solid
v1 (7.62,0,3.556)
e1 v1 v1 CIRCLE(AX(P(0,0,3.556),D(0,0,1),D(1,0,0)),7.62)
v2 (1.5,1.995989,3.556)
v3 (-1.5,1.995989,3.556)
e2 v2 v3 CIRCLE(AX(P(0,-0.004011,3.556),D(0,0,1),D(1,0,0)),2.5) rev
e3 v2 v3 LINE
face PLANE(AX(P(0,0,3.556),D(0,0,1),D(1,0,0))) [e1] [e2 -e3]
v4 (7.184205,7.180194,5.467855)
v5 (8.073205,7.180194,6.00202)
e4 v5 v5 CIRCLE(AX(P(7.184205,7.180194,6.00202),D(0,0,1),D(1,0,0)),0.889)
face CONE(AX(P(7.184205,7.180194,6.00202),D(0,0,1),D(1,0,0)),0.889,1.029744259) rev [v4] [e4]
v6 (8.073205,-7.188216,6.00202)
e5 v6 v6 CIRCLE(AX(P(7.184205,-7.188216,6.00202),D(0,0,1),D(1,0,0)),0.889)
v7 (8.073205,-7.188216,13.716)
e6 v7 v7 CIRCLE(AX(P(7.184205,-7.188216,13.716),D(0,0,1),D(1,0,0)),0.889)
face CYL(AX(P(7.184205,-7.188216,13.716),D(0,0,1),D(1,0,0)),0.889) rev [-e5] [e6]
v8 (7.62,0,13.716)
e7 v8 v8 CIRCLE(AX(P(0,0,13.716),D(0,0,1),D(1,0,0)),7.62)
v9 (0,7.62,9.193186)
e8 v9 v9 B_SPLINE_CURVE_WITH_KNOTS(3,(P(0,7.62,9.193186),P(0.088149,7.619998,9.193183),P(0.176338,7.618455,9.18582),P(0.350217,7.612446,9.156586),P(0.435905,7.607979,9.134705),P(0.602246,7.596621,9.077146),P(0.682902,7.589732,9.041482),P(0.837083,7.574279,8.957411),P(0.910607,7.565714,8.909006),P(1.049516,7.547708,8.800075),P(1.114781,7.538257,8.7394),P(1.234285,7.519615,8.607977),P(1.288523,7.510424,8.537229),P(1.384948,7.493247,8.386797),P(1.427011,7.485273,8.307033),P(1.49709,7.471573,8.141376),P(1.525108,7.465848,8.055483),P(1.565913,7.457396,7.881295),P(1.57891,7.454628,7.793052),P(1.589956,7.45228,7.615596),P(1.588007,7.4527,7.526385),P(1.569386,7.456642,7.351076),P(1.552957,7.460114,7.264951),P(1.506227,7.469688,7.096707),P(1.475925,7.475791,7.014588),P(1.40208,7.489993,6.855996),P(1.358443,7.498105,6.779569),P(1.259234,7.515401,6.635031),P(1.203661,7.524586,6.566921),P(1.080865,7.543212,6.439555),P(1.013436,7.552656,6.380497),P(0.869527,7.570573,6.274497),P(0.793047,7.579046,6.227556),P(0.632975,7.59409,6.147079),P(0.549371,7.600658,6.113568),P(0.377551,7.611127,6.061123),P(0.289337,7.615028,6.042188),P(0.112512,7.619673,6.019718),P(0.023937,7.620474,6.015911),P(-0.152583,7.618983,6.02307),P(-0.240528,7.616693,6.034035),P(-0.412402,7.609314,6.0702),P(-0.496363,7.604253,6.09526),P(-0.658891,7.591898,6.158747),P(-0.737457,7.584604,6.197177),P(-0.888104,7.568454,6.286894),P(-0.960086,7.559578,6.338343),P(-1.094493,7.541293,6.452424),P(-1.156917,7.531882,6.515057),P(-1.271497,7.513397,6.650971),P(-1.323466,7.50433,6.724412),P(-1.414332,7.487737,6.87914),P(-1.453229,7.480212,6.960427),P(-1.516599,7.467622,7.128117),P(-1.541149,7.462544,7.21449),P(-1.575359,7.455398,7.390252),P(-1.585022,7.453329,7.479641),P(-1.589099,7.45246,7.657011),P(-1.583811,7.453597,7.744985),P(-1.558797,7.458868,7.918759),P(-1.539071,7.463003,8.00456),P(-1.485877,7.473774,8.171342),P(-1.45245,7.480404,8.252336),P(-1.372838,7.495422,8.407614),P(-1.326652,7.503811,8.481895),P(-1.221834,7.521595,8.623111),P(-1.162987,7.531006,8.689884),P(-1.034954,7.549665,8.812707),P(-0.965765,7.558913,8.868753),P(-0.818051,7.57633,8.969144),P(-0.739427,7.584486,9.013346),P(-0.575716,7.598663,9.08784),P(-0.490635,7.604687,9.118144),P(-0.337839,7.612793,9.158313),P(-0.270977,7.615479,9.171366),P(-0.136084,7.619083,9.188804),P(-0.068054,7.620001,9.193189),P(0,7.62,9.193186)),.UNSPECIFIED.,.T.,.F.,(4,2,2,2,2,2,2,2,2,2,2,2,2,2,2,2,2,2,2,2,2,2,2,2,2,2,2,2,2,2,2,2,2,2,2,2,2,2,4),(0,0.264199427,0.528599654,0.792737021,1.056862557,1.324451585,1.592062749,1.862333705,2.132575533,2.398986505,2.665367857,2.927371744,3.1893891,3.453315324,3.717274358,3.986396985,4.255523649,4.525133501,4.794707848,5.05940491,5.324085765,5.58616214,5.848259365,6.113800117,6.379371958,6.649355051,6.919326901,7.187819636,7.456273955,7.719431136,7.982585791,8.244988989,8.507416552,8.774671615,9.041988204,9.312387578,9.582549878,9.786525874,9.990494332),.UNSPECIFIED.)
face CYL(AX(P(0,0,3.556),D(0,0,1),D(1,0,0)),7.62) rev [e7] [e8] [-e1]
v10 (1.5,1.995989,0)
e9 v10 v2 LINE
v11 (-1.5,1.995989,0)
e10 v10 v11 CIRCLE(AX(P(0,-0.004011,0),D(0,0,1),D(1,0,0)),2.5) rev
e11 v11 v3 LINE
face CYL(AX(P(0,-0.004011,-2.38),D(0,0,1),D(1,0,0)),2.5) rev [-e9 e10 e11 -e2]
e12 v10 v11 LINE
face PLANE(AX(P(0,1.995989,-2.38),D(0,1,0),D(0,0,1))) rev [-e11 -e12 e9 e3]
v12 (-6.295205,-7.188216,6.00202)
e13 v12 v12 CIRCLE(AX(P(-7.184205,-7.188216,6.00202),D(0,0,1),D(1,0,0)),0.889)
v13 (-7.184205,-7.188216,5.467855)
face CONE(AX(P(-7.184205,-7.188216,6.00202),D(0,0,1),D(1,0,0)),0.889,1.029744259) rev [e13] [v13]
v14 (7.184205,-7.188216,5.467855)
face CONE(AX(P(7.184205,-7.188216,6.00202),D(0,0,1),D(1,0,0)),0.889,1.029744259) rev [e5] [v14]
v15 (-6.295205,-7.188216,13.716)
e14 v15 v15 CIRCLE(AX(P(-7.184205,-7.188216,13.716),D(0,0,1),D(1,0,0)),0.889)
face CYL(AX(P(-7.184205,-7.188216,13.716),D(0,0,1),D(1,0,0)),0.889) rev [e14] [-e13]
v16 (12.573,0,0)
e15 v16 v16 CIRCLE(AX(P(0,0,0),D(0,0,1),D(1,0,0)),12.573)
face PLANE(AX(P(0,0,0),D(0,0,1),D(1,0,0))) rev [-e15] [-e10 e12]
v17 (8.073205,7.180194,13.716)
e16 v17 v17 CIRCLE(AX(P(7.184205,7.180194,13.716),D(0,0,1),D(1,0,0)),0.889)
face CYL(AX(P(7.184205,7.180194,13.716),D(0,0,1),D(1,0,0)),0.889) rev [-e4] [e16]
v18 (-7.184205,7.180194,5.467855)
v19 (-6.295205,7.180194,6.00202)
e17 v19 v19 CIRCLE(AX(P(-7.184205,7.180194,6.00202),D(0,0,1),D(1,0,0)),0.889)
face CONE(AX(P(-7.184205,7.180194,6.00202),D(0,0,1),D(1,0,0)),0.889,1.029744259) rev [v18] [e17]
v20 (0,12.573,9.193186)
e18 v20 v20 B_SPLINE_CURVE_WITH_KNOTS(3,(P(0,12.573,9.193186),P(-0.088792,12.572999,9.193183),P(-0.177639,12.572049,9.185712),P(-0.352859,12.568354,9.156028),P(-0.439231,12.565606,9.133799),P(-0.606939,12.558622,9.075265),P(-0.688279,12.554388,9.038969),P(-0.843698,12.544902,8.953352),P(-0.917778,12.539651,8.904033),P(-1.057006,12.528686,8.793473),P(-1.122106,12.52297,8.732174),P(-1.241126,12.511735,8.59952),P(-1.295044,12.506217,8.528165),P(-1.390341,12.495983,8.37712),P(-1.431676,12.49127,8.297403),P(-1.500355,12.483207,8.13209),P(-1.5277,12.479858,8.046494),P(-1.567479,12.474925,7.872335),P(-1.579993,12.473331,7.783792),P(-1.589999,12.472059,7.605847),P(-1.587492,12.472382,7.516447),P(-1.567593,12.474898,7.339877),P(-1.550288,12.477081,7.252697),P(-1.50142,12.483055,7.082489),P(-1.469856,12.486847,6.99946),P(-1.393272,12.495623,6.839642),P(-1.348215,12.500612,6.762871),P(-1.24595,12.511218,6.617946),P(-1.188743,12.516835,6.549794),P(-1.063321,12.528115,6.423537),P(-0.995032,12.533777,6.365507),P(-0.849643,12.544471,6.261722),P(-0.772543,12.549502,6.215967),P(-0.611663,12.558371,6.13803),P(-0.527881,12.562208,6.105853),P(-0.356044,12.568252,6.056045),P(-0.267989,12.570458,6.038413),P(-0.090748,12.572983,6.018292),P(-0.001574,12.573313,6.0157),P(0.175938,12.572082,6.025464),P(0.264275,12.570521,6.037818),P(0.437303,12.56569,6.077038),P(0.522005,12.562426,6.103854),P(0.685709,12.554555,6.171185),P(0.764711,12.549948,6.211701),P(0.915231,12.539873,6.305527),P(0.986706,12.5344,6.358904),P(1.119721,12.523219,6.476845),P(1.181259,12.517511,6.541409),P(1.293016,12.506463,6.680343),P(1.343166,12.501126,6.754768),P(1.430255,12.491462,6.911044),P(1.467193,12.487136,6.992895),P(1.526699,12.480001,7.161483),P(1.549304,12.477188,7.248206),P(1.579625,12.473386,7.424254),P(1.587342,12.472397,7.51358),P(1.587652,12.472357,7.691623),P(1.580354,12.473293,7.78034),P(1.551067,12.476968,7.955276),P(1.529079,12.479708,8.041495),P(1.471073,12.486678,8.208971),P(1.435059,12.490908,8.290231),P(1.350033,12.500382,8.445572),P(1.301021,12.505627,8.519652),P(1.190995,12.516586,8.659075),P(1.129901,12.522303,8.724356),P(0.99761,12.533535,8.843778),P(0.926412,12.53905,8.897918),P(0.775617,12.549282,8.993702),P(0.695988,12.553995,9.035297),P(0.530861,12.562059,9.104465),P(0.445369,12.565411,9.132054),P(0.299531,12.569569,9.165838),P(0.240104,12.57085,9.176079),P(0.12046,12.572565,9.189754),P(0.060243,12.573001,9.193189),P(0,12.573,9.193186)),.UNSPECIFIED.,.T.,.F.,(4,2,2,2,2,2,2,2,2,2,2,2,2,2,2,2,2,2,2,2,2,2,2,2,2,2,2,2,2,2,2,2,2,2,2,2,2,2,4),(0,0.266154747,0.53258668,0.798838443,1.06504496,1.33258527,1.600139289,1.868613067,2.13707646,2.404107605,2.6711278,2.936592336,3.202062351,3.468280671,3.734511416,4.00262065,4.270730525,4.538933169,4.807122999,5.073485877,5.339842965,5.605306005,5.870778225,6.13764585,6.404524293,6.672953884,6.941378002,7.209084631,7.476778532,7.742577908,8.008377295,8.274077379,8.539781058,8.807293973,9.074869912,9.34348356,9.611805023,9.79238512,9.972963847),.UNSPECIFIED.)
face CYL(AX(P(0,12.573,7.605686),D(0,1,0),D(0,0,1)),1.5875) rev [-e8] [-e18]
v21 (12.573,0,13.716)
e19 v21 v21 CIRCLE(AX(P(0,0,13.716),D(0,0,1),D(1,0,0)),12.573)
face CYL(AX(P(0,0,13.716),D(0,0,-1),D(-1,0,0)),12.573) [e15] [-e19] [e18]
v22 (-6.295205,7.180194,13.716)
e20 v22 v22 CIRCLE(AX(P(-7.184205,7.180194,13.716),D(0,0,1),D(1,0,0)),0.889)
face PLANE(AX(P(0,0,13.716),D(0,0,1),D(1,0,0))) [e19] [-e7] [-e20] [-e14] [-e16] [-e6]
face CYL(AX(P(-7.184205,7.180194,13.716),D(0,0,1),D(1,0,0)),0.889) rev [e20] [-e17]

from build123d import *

# Parameters (mm, degrees)
SKETCH1_R                       = 12.573
BOSS_EXTRUDE1_DEPTH             = 13.716
SKETCH2_R                       = 7.62
CUT_EXTRUDE1_DEPTH              = 10.16
F_1_8_0_1250_DOWEL_HOLE1_REACH  = 31.128
F_1_8_0_1250_DOWEL_HOLE1_BORE_R = 1.5875
CUT_EXTRUDE3_DEPTH              = 10
CUT_EXTRUDE3_DEPTH_BACK         = 10.16
CIRPATTERN1_COUNT               = 4


with BuildPart() as part:
    # Sketch1 → Boss-Extrude1 (new body)
    with BuildSketch(Plane.XY):
        Circle(SKETCH1_R)
    extrude(amount=BOSS_EXTRUDE1_DEPTH)

    # Sketch2 → Cut-Extrude1 (cut)
    with BuildSketch(Plane.XY.offset(13.716)):
        Circle(SKETCH2_R)
    extrude(amount=-CUT_EXTRUDE1_DEPTH, mode=Mode.SUBTRACT)

    # 1/8 (0.1250) Dowel Hole1 bore → 1/8 (0.1250) Dowel Hole1 (cut, up to next)
    with BuildSketch(Plane(origin=(0, 12.573, 7.62), x_dir=(1, 0, 0), z_dir=(0, 1, 0)), mode=Mode.PRIVATE) as f_1_8_0_1250_dowel_hole1_sk1:
        with Locations((0, 0.014313547)):
            Circle(F_1_8_0_1250_DOWEL_HOLE1_BORE_R)
    f_1_8_0_1250_dowel_hole1_tool1 = extrude(f_1_8_0_1250_dowel_hole1_sk1.sketch, amount=-F_1_8_0_1250_DOWEL_HOLE1_REACH, mode=Mode.PRIVATE) & part.part
    add(f_1_8_0_1250_dowel_hole1_tool1.solids().sort_by_distance((0, 12.573, 7.605686))[0], mode=Mode.SUBTRACT)

    # Sketch5 → Cut-Extrude3 (cut, two sides)
    with BuildSketch(Plane(origin=(0, 0, 7.62), x_dir=(-1, 0, 0), z_dir=(0, 0, -1))) as cut_extrude3_sk:
        with BuildLine():
            Line((1.5, 1.99598875), (-1.5, 1.99598875))
            ThreePointArc((-1.5, 1.99598875), (-1.118033989, -2.240079228), (2.5, -0.00401125))
            ThreePointArc((2.5, -0.00401125), (2.236067977, 1.114022739), (1.5, 1.99598875))
        make_face()
    extrude(amount=CUT_EXTRUDE3_DEPTH, mode=Mode.SUBTRACT)
    extrude(cut_extrude3_sk.sketch, amount=-CUT_EXTRUDE3_DEPTH_BACK, mode=Mode.SUBTRACT)

    # Sketch15 → #2-56 Tapped Hole1 (revolve, cut)
    with BuildSketch(Plane(origin=(7.184204897, -7.188216147, 13.716), x_dir=(0, -1, 0), z_dir=(1, 0, 0))):
        Polygon((0, 0), (0, 8.24814509), (0.889, 7.71398), (0.889, 0), align=None)
    f_2_56_tapped_hole1 = revolve(axis=Axis((7.184204897, -7.188216147, 20.066), (0, 0, -1)), mode=Mode.SUBTRACT)

    # CirPattern1: #2-56 Tapped Hole1 ×4 about axis
    cirpattern1_axis = Axis((0, -0.00401125, 0), (0, 0, 1))
    for i in range(1, CIRPATTERN1_COUNT):
        add(f_2_56_tapped_hole1.rotate(cirpattern1_axis, i * 360 / CIRPATTERN1_COUNT), mode=Mode.SUBTRACT)


solid = part.part
